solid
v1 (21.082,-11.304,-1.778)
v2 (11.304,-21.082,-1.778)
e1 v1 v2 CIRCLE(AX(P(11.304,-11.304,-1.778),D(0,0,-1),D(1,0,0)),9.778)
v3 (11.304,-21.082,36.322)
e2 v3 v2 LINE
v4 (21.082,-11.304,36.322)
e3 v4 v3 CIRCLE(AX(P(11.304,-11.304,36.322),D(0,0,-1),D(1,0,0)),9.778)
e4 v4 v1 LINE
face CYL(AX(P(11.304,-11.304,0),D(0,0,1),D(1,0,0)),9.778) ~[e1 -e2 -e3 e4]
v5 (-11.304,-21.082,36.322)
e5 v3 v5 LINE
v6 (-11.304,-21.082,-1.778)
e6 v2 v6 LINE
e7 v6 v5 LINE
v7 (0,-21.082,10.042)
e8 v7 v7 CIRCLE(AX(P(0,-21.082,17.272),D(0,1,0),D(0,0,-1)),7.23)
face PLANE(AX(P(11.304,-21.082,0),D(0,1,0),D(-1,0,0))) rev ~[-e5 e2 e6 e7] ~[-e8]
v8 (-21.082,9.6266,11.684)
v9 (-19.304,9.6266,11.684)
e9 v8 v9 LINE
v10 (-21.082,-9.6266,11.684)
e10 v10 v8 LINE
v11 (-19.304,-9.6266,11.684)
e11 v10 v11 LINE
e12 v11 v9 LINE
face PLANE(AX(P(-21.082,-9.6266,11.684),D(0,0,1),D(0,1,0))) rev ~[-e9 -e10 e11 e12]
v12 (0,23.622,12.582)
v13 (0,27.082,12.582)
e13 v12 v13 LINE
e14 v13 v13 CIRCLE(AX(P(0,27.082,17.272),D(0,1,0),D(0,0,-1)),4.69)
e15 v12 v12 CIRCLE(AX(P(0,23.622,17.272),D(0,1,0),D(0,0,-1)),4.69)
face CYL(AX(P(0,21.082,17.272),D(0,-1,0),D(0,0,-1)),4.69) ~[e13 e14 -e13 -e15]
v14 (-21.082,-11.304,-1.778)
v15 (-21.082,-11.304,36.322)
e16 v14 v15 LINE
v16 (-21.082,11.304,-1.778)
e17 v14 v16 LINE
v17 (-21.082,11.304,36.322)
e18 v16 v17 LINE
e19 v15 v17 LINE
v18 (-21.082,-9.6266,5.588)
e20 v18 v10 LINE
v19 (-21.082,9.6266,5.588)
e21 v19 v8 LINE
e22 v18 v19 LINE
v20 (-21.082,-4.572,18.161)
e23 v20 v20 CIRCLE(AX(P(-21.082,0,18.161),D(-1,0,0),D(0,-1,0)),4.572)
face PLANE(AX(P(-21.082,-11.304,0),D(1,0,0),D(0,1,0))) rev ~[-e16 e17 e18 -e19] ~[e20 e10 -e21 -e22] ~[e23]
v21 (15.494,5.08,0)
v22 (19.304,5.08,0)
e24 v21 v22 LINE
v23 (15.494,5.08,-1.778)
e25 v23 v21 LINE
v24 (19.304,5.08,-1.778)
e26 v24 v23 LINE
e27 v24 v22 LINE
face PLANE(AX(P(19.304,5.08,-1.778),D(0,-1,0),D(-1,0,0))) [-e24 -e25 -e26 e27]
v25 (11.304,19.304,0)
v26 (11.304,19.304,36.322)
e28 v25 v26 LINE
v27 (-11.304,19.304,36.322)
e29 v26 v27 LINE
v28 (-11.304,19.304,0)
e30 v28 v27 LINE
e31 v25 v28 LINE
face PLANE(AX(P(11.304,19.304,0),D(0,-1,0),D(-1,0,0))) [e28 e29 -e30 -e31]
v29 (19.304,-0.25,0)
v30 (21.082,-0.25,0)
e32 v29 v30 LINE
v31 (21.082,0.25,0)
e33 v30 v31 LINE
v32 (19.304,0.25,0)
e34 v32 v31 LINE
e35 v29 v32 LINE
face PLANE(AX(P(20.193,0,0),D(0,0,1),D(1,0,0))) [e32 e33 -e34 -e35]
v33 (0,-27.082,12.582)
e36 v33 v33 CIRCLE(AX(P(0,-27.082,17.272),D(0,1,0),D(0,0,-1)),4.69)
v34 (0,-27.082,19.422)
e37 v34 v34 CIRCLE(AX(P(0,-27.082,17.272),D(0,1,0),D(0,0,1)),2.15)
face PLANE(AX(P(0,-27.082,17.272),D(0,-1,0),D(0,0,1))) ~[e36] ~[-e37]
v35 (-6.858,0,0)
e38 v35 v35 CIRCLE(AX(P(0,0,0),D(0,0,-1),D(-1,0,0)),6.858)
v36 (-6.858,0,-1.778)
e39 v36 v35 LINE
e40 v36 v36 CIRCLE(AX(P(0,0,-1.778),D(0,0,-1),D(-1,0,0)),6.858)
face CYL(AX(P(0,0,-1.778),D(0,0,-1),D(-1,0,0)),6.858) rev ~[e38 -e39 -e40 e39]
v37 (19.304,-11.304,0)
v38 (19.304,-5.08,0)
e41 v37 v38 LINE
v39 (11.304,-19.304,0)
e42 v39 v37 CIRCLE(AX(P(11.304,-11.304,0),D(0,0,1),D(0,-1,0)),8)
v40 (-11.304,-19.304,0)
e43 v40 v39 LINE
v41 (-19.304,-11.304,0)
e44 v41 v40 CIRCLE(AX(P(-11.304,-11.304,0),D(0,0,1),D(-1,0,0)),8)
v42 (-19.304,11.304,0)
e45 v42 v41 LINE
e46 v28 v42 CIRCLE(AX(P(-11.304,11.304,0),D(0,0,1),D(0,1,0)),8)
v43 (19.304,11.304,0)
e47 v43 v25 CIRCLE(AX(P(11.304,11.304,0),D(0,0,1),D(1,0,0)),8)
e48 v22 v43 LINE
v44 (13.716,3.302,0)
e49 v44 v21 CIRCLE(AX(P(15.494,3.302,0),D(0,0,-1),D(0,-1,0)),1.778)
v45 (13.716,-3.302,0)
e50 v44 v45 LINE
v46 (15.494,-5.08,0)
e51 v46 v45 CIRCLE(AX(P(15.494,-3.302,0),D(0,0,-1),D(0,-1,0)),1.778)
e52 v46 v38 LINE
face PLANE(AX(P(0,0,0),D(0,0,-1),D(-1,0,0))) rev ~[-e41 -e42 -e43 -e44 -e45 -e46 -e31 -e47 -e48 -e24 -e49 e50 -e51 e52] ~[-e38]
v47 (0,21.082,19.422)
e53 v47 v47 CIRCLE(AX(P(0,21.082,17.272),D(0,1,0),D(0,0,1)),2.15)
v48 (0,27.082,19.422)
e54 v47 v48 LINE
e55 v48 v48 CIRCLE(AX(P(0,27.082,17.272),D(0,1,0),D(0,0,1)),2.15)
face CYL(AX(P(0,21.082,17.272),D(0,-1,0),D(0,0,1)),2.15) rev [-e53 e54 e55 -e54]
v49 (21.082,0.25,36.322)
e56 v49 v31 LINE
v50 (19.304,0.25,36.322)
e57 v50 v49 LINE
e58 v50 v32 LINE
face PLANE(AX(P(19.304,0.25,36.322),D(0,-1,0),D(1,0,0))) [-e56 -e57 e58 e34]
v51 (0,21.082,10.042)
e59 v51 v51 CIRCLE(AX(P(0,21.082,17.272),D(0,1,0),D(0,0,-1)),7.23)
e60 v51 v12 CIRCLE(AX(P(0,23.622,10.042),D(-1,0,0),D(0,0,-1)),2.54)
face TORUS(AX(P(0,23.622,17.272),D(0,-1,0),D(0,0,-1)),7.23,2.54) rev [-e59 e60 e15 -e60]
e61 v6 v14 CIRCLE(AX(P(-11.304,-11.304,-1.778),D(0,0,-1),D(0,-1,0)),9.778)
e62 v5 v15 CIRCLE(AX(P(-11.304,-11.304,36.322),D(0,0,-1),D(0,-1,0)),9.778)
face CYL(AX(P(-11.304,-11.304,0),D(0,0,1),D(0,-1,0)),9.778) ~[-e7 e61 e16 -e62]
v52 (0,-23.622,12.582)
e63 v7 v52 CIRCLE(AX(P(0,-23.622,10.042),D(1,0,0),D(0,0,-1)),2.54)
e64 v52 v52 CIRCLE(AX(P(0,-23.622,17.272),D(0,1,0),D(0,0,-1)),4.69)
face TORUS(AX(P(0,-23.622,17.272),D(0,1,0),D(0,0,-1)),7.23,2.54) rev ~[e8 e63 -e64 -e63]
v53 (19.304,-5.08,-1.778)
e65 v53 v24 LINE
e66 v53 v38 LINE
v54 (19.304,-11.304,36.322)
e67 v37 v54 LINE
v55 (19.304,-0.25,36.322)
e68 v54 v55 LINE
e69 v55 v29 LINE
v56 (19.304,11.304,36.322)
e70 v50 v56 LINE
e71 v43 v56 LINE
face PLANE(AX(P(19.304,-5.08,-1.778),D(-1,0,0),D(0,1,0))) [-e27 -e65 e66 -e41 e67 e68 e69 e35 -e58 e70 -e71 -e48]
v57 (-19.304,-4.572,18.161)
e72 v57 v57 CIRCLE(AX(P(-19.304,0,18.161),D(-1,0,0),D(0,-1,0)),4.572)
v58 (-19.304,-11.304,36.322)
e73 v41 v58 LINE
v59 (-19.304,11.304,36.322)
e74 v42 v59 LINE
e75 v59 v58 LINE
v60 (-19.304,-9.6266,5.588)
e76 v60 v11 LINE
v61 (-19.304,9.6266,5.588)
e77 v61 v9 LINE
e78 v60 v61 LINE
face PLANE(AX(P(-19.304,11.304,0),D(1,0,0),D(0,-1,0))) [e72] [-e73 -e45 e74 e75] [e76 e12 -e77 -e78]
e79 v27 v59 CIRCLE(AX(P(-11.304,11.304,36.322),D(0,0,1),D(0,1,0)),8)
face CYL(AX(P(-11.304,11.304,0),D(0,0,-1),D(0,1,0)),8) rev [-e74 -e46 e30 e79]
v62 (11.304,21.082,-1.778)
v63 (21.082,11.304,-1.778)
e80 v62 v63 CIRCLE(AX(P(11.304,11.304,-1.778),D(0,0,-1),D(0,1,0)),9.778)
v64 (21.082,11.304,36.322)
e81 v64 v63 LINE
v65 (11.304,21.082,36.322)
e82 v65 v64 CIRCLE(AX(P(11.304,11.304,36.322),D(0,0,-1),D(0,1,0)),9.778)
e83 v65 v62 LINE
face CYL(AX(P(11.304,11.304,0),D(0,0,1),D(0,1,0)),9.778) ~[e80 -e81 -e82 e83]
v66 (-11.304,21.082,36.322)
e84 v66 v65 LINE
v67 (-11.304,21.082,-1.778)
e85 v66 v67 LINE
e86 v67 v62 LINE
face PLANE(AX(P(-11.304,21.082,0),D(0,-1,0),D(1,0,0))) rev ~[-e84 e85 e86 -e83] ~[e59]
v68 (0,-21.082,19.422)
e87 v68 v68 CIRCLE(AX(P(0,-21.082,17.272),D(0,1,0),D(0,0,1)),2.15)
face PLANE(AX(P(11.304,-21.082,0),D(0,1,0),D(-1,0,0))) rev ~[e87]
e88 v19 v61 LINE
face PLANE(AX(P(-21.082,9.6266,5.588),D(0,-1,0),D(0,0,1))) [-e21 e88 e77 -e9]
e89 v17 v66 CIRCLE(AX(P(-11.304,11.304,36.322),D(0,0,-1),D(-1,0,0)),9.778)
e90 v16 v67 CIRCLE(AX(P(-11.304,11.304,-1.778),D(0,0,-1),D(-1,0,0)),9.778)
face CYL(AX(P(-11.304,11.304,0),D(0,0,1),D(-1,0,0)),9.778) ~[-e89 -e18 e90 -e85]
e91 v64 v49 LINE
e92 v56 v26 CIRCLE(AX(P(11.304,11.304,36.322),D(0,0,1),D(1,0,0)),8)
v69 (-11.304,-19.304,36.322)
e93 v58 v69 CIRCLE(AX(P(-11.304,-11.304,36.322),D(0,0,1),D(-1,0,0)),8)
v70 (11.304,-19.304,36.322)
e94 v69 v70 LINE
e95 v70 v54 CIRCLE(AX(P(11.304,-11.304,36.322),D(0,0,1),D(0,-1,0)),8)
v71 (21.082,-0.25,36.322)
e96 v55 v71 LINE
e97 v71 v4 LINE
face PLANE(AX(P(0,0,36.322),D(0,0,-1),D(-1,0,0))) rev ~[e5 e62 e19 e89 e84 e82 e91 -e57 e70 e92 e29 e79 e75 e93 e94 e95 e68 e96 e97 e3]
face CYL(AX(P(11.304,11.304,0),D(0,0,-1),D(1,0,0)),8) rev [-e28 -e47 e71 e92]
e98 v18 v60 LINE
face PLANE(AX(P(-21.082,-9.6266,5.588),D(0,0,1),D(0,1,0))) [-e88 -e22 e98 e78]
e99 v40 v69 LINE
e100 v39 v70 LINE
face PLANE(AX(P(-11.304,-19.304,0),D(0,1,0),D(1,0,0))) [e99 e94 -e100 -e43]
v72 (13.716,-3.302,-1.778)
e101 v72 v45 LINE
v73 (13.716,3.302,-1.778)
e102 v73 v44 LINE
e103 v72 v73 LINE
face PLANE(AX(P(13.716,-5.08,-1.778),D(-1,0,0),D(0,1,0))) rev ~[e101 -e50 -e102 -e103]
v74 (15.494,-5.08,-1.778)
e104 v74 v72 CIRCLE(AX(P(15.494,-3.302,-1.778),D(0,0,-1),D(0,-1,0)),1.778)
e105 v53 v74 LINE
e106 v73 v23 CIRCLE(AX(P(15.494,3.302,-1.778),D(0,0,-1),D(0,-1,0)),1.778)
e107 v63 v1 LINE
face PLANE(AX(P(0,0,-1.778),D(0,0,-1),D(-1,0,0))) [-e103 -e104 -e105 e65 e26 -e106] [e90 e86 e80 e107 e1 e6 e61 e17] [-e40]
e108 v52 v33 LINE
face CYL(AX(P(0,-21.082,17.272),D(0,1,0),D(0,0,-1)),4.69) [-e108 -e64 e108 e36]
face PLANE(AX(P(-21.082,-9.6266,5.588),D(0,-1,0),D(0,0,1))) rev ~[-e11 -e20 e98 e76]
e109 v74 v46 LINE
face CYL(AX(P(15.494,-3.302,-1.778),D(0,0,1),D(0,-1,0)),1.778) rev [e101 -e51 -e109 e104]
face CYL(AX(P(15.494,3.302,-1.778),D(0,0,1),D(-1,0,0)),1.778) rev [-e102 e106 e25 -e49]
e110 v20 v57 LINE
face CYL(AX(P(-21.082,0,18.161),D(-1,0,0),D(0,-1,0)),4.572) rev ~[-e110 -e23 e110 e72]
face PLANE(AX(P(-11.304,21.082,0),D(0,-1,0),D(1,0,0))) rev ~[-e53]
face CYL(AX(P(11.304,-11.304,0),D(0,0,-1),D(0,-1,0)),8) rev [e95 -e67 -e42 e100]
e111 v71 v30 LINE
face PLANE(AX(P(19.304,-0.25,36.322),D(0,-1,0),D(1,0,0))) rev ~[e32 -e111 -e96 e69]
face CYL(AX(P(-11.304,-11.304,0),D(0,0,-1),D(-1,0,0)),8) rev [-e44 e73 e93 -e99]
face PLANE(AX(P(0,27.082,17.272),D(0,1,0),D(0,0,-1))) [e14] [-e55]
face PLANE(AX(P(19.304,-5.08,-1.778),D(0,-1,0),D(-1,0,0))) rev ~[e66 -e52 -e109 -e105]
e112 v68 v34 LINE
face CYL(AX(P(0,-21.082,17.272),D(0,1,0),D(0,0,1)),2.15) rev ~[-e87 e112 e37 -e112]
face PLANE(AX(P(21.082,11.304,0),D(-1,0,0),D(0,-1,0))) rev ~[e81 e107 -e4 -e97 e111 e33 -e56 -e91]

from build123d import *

# Parameters (mm, degrees)
BOSS_EXTRUDE1_DEPTH = 36.322
CUT_EXTRUDE1_REACH  = 61.511
SKETCH2_R           = 4.572
SKETCH2_W           = 6.096
SKETCH2_H           = 19.2532
BOSS_EXTRUDE2_DEPTH = 1.778
CUT_EXTRUDE2_REACH  = 50.379
SKETCH3_R           = 6.858
SKETCH4_R           = 4.69
SKETCH4_R_2         = 2.15
BOSS_EXTRUDE3_DEPTH = 6
FILLET1_R           = 2.54
CUT_EXTRUDE3_REACH  = 53.279
SKETCH5_W           = 5.588
SKETCH5_H           = 10.16
FILLET2_R           = 1.778
SKETCH6_W           = 1.778
SKETCH6_H           = 0.5
CUT_EXTRUDE4_DEPTH  = 36.322


with BuildPart() as part:
    # Sketch1 → Boss-Extrude1 (new body)
    with BuildSketch(Plane.XY):
        with BuildLine():
            Line((-11.304, 21.082), (11.304, 21.082))
            ThreePointArc((11.304, 21.082), (18.218090106, 18.218090106), (21.082, 11.304))
            Line((21.082, 11.304), (21.082, -11.304))
            ThreePointArc((21.082, -11.304), (18.218090106, -18.218090106), (11.304, -21.082))
            Line((11.304, -21.082), (-11.304, -21.082))
            ThreePointArc((-11.304, -21.082), (-18.218090106, -18.218090106), (-21.082, -11.304))
            Line((-21.082, -11.304), (-21.082, 11.304))
            ThreePointArc((-21.082, 11.304), (-18.218090106, 18.218090106), (-11.304, 21.082))
        make_face()
        with BuildLine():
            Line((-11.304, -19.304), (11.304, -19.304))
            ThreePointArc((11.304, -19.304), (16.960854249, -16.960854249), (19.304, -11.304))
            Line((19.304, -11.304), (19.304, 11.304))
            ThreePointArc((19.304, 11.304), (16.960854249, 16.960854249), (11.304, 19.304))
            Line((11.304, 19.304), (-11.304, 19.304))
            ThreePointArc((-11.304, 19.304), (-16.960854249, 16.960854249), (-19.304, 11.304))
            Line((-19.304, 11.304), (-19.304, -11.304))
            ThreePointArc((-19.304, -11.304), (-16.960854249, -16.960854249), (-11.304, -19.304))
        make_face(mode=Mode.SUBTRACT)
    extrude(amount=BOSS_EXTRUDE1_DEPTH)

    # Sketch2 → Cut-Extrude1 (cut, up to next)
    with BuildSketch(Plane.ZY.offset(21.082), mode=Mode.PRIVATE) as cut_extrude1_sk1:
        with Locations(Location((18.161, 0, 0), (0, 0, 270))):
            Circle(SKETCH2_R)
    cut_extrude1_tool1 = extrude(cut_extrude1_sk1.sketch, amount=-CUT_EXTRUDE1_REACH, mode=Mode.PRIVATE) & part.part
    # Sketch2 → Cut-Extrude1 (cut, up to next)
    with BuildSketch(Plane.ZY.offset(21.082), mode=Mode.PRIVATE) as cut_extrude1_sk2:
        with Locations((8.636, 0)):
            Rectangle(SKETCH2_W, SKETCH2_H)
    cut_extrude1_tool2 = extrude(cut_extrude1_sk2.sketch, amount=-CUT_EXTRUDE1_REACH, mode=Mode.PRIVATE) & part.part
    add(cut_extrude1_tool1.solids().sort_by_distance((-21.082, 0, 18.161))[0], mode=Mode.SUBTRACT)
    add(cut_extrude1_tool2.solids().sort_by_distance((-21.082, 0, 8.636))[0], mode=Mode.SUBTRACT)

    # Sketch1<2> → Boss-Extrude2 (add)
    with BuildSketch(Plane.XY):
        with BuildLine():
            ThreePointArc((-21.082, 11.304), (-18.218090106, 18.218090106), (-11.304, 21.082))
            Line((-11.304, 21.082), (11.304, 21.082))
            ThreePointArc((11.304, 21.082), (18.218090106, 18.218090106), (21.082, 11.304))
            Line((21.082, 11.304), (21.082, -11.304))
            ThreePointArc((21.082, -11.304), (18.218090106, -18.218090106), (11.304, -21.082))
            Line((11.304, -21.082), (-11.304, -21.082))
            ThreePointArc((-11.304, -21.082), (-18.218090106, -18.218090106), (-21.082, -11.304))
            Line((-21.082, -11.304), (-21.082, 11.304))
        make_face()
        with BuildLine():
            Line((-19.304, -11.304), (-19.304, 11.304))
            ThreePointArc((-19.304, 11.304), (-16.960854249, 16.960854249), (-11.304, 19.304))
            Line((-11.304, 19.304), (11.304, 19.304))
            ThreePointArc((11.304, 19.304), (16.960854249, 16.960854249), (19.304, 11.304))
            Line((19.304, 11.304), (19.304, -11.304))
            ThreePointArc((19.304, -11.304), (16.960854249, -16.960854249), (11.304, -19.304))
            Line((11.304, -19.304), (-11.304, -19.304))
            ThreePointArc((-11.304, -19.304), (-16.960854249, -16.960854249), (-19.304, -11.304))
        make_face(mode=Mode.SUBTRACT)
        with BuildLine():
            ThreePointArc((-19.304, 11.304), (-16.960854249, 16.960854249), (-11.304, 19.304))
            Line((-11.304, 19.304), (11.304, 19.304))
            ThreePointArc((11.304, 19.304), (16.960854249, 16.960854249), (19.304, 11.304))
            Line((19.304, 11.304), (19.304, -11.304))
            ThreePointArc((19.304, -11.304), (16.960854249, -16.960854249), (11.304, -19.304))
            Line((11.304, -19.304), (-11.304, -19.304))
            ThreePointArc((-11.304, -19.304), (-16.960854249, -16.960854249), (-19.304, -11.304))
            Line((-19.304, -11.304), (-19.304, 11.304))
        make_face()
    extrude(amount=-BOSS_EXTRUDE2_DEPTH)

    # Sketch3 → Cut-Extrude2 (cut, up to next)
    with BuildSketch(Plane(origin=(0, 0, -1.778), x_dir=(-1, 0, 0), z_dir=(0, 0, -1)), mode=Mode.PRIVATE) as cut_extrude2_sk1:
        Circle(SKETCH3_R)
    cut_extrude2_tool1 = extrude(cut_extrude2_sk1.sketch, amount=-CUT_EXTRUDE2_REACH, mode=Mode.PRIVATE) & part.part
    add(cut_extrude2_tool1.solids().sort_by_distance((0, 0, -1.778))[0], mode=Mode.SUBTRACT)

    # Sketch4 → Boss-Extrude3 (add)
    with BuildSketch(Plane(origin=(0, 21.082, 0), x_dir=(1, 0, 0), z_dir=(0, 1, 0))):
        with Locations(Location((0, -17.272, 0), (0, 0, 90))):
            Circle(SKETCH4_R)
        with Locations(Location((0, -17.272, 0), (0, 0, 270))):
            Circle(SKETCH4_R_2, mode=Mode.SUBTRACT)
    boss_extrude3 = extrude(amount=BOSS_EXTRUDE3_DEPTH)

    # Mirror1: Boss-Extrude3 across plane
    add(boss_extrude3.mirror(Plane.ZX))

    # Fillet1
    fillet1_edges = [part.edges().sort_by_distance(p)[0] for p in [
        (0, 21.082, 21.962),
        (0, -21.082, 21.962),
    ]]
    fillet(fillet1_edges, radius=FILLET1_R)

    # Sketch5 → Cut-Extrude3 (cut, up to next)
    with BuildSketch(Plane(origin=(0, 0, -1.778), x_dir=(-1, 0, 0), z_dir=(0, 0, -1)), mode=Mode.PRIVATE) as cut_extrude3_sk1:
        with Locations((-16.51, 0)):
            Rectangle(SKETCH5_W, SKETCH5_H)
    cut_extrude3_tool1 = extrude(cut_extrude3_sk1.sketch, amount=-CUT_EXTRUDE3_REACH, mode=Mode.PRIVATE) & part.part
    add(cut_extrude3_tool1.solids().sort_by_distance((16.51, 0, -1.778))[0], mode=Mode.SUBTRACT)

    # Fillet2
    fillet2_edges = [part.edges().sort_by_distance(p)[0] for p in [
        (13.716, 5.08, -0.889),
        (13.716, -5.08, -0.889),
    ]]
    fillet(fillet2_edges, radius=FILLET2_R)

    # Sketch6 → Cut-Extrude4 (cut)
    with BuildSketch(Plane.XY.offset(36.322)):
        with Locations((20.193, 0)):
            Rectangle(SKETCH6_W, SKETCH6_H)
    extrude(amount=-CUT_EXTRUDE4_DEPTH, mode=Mode.SUBTRACT)


solid = part.part
